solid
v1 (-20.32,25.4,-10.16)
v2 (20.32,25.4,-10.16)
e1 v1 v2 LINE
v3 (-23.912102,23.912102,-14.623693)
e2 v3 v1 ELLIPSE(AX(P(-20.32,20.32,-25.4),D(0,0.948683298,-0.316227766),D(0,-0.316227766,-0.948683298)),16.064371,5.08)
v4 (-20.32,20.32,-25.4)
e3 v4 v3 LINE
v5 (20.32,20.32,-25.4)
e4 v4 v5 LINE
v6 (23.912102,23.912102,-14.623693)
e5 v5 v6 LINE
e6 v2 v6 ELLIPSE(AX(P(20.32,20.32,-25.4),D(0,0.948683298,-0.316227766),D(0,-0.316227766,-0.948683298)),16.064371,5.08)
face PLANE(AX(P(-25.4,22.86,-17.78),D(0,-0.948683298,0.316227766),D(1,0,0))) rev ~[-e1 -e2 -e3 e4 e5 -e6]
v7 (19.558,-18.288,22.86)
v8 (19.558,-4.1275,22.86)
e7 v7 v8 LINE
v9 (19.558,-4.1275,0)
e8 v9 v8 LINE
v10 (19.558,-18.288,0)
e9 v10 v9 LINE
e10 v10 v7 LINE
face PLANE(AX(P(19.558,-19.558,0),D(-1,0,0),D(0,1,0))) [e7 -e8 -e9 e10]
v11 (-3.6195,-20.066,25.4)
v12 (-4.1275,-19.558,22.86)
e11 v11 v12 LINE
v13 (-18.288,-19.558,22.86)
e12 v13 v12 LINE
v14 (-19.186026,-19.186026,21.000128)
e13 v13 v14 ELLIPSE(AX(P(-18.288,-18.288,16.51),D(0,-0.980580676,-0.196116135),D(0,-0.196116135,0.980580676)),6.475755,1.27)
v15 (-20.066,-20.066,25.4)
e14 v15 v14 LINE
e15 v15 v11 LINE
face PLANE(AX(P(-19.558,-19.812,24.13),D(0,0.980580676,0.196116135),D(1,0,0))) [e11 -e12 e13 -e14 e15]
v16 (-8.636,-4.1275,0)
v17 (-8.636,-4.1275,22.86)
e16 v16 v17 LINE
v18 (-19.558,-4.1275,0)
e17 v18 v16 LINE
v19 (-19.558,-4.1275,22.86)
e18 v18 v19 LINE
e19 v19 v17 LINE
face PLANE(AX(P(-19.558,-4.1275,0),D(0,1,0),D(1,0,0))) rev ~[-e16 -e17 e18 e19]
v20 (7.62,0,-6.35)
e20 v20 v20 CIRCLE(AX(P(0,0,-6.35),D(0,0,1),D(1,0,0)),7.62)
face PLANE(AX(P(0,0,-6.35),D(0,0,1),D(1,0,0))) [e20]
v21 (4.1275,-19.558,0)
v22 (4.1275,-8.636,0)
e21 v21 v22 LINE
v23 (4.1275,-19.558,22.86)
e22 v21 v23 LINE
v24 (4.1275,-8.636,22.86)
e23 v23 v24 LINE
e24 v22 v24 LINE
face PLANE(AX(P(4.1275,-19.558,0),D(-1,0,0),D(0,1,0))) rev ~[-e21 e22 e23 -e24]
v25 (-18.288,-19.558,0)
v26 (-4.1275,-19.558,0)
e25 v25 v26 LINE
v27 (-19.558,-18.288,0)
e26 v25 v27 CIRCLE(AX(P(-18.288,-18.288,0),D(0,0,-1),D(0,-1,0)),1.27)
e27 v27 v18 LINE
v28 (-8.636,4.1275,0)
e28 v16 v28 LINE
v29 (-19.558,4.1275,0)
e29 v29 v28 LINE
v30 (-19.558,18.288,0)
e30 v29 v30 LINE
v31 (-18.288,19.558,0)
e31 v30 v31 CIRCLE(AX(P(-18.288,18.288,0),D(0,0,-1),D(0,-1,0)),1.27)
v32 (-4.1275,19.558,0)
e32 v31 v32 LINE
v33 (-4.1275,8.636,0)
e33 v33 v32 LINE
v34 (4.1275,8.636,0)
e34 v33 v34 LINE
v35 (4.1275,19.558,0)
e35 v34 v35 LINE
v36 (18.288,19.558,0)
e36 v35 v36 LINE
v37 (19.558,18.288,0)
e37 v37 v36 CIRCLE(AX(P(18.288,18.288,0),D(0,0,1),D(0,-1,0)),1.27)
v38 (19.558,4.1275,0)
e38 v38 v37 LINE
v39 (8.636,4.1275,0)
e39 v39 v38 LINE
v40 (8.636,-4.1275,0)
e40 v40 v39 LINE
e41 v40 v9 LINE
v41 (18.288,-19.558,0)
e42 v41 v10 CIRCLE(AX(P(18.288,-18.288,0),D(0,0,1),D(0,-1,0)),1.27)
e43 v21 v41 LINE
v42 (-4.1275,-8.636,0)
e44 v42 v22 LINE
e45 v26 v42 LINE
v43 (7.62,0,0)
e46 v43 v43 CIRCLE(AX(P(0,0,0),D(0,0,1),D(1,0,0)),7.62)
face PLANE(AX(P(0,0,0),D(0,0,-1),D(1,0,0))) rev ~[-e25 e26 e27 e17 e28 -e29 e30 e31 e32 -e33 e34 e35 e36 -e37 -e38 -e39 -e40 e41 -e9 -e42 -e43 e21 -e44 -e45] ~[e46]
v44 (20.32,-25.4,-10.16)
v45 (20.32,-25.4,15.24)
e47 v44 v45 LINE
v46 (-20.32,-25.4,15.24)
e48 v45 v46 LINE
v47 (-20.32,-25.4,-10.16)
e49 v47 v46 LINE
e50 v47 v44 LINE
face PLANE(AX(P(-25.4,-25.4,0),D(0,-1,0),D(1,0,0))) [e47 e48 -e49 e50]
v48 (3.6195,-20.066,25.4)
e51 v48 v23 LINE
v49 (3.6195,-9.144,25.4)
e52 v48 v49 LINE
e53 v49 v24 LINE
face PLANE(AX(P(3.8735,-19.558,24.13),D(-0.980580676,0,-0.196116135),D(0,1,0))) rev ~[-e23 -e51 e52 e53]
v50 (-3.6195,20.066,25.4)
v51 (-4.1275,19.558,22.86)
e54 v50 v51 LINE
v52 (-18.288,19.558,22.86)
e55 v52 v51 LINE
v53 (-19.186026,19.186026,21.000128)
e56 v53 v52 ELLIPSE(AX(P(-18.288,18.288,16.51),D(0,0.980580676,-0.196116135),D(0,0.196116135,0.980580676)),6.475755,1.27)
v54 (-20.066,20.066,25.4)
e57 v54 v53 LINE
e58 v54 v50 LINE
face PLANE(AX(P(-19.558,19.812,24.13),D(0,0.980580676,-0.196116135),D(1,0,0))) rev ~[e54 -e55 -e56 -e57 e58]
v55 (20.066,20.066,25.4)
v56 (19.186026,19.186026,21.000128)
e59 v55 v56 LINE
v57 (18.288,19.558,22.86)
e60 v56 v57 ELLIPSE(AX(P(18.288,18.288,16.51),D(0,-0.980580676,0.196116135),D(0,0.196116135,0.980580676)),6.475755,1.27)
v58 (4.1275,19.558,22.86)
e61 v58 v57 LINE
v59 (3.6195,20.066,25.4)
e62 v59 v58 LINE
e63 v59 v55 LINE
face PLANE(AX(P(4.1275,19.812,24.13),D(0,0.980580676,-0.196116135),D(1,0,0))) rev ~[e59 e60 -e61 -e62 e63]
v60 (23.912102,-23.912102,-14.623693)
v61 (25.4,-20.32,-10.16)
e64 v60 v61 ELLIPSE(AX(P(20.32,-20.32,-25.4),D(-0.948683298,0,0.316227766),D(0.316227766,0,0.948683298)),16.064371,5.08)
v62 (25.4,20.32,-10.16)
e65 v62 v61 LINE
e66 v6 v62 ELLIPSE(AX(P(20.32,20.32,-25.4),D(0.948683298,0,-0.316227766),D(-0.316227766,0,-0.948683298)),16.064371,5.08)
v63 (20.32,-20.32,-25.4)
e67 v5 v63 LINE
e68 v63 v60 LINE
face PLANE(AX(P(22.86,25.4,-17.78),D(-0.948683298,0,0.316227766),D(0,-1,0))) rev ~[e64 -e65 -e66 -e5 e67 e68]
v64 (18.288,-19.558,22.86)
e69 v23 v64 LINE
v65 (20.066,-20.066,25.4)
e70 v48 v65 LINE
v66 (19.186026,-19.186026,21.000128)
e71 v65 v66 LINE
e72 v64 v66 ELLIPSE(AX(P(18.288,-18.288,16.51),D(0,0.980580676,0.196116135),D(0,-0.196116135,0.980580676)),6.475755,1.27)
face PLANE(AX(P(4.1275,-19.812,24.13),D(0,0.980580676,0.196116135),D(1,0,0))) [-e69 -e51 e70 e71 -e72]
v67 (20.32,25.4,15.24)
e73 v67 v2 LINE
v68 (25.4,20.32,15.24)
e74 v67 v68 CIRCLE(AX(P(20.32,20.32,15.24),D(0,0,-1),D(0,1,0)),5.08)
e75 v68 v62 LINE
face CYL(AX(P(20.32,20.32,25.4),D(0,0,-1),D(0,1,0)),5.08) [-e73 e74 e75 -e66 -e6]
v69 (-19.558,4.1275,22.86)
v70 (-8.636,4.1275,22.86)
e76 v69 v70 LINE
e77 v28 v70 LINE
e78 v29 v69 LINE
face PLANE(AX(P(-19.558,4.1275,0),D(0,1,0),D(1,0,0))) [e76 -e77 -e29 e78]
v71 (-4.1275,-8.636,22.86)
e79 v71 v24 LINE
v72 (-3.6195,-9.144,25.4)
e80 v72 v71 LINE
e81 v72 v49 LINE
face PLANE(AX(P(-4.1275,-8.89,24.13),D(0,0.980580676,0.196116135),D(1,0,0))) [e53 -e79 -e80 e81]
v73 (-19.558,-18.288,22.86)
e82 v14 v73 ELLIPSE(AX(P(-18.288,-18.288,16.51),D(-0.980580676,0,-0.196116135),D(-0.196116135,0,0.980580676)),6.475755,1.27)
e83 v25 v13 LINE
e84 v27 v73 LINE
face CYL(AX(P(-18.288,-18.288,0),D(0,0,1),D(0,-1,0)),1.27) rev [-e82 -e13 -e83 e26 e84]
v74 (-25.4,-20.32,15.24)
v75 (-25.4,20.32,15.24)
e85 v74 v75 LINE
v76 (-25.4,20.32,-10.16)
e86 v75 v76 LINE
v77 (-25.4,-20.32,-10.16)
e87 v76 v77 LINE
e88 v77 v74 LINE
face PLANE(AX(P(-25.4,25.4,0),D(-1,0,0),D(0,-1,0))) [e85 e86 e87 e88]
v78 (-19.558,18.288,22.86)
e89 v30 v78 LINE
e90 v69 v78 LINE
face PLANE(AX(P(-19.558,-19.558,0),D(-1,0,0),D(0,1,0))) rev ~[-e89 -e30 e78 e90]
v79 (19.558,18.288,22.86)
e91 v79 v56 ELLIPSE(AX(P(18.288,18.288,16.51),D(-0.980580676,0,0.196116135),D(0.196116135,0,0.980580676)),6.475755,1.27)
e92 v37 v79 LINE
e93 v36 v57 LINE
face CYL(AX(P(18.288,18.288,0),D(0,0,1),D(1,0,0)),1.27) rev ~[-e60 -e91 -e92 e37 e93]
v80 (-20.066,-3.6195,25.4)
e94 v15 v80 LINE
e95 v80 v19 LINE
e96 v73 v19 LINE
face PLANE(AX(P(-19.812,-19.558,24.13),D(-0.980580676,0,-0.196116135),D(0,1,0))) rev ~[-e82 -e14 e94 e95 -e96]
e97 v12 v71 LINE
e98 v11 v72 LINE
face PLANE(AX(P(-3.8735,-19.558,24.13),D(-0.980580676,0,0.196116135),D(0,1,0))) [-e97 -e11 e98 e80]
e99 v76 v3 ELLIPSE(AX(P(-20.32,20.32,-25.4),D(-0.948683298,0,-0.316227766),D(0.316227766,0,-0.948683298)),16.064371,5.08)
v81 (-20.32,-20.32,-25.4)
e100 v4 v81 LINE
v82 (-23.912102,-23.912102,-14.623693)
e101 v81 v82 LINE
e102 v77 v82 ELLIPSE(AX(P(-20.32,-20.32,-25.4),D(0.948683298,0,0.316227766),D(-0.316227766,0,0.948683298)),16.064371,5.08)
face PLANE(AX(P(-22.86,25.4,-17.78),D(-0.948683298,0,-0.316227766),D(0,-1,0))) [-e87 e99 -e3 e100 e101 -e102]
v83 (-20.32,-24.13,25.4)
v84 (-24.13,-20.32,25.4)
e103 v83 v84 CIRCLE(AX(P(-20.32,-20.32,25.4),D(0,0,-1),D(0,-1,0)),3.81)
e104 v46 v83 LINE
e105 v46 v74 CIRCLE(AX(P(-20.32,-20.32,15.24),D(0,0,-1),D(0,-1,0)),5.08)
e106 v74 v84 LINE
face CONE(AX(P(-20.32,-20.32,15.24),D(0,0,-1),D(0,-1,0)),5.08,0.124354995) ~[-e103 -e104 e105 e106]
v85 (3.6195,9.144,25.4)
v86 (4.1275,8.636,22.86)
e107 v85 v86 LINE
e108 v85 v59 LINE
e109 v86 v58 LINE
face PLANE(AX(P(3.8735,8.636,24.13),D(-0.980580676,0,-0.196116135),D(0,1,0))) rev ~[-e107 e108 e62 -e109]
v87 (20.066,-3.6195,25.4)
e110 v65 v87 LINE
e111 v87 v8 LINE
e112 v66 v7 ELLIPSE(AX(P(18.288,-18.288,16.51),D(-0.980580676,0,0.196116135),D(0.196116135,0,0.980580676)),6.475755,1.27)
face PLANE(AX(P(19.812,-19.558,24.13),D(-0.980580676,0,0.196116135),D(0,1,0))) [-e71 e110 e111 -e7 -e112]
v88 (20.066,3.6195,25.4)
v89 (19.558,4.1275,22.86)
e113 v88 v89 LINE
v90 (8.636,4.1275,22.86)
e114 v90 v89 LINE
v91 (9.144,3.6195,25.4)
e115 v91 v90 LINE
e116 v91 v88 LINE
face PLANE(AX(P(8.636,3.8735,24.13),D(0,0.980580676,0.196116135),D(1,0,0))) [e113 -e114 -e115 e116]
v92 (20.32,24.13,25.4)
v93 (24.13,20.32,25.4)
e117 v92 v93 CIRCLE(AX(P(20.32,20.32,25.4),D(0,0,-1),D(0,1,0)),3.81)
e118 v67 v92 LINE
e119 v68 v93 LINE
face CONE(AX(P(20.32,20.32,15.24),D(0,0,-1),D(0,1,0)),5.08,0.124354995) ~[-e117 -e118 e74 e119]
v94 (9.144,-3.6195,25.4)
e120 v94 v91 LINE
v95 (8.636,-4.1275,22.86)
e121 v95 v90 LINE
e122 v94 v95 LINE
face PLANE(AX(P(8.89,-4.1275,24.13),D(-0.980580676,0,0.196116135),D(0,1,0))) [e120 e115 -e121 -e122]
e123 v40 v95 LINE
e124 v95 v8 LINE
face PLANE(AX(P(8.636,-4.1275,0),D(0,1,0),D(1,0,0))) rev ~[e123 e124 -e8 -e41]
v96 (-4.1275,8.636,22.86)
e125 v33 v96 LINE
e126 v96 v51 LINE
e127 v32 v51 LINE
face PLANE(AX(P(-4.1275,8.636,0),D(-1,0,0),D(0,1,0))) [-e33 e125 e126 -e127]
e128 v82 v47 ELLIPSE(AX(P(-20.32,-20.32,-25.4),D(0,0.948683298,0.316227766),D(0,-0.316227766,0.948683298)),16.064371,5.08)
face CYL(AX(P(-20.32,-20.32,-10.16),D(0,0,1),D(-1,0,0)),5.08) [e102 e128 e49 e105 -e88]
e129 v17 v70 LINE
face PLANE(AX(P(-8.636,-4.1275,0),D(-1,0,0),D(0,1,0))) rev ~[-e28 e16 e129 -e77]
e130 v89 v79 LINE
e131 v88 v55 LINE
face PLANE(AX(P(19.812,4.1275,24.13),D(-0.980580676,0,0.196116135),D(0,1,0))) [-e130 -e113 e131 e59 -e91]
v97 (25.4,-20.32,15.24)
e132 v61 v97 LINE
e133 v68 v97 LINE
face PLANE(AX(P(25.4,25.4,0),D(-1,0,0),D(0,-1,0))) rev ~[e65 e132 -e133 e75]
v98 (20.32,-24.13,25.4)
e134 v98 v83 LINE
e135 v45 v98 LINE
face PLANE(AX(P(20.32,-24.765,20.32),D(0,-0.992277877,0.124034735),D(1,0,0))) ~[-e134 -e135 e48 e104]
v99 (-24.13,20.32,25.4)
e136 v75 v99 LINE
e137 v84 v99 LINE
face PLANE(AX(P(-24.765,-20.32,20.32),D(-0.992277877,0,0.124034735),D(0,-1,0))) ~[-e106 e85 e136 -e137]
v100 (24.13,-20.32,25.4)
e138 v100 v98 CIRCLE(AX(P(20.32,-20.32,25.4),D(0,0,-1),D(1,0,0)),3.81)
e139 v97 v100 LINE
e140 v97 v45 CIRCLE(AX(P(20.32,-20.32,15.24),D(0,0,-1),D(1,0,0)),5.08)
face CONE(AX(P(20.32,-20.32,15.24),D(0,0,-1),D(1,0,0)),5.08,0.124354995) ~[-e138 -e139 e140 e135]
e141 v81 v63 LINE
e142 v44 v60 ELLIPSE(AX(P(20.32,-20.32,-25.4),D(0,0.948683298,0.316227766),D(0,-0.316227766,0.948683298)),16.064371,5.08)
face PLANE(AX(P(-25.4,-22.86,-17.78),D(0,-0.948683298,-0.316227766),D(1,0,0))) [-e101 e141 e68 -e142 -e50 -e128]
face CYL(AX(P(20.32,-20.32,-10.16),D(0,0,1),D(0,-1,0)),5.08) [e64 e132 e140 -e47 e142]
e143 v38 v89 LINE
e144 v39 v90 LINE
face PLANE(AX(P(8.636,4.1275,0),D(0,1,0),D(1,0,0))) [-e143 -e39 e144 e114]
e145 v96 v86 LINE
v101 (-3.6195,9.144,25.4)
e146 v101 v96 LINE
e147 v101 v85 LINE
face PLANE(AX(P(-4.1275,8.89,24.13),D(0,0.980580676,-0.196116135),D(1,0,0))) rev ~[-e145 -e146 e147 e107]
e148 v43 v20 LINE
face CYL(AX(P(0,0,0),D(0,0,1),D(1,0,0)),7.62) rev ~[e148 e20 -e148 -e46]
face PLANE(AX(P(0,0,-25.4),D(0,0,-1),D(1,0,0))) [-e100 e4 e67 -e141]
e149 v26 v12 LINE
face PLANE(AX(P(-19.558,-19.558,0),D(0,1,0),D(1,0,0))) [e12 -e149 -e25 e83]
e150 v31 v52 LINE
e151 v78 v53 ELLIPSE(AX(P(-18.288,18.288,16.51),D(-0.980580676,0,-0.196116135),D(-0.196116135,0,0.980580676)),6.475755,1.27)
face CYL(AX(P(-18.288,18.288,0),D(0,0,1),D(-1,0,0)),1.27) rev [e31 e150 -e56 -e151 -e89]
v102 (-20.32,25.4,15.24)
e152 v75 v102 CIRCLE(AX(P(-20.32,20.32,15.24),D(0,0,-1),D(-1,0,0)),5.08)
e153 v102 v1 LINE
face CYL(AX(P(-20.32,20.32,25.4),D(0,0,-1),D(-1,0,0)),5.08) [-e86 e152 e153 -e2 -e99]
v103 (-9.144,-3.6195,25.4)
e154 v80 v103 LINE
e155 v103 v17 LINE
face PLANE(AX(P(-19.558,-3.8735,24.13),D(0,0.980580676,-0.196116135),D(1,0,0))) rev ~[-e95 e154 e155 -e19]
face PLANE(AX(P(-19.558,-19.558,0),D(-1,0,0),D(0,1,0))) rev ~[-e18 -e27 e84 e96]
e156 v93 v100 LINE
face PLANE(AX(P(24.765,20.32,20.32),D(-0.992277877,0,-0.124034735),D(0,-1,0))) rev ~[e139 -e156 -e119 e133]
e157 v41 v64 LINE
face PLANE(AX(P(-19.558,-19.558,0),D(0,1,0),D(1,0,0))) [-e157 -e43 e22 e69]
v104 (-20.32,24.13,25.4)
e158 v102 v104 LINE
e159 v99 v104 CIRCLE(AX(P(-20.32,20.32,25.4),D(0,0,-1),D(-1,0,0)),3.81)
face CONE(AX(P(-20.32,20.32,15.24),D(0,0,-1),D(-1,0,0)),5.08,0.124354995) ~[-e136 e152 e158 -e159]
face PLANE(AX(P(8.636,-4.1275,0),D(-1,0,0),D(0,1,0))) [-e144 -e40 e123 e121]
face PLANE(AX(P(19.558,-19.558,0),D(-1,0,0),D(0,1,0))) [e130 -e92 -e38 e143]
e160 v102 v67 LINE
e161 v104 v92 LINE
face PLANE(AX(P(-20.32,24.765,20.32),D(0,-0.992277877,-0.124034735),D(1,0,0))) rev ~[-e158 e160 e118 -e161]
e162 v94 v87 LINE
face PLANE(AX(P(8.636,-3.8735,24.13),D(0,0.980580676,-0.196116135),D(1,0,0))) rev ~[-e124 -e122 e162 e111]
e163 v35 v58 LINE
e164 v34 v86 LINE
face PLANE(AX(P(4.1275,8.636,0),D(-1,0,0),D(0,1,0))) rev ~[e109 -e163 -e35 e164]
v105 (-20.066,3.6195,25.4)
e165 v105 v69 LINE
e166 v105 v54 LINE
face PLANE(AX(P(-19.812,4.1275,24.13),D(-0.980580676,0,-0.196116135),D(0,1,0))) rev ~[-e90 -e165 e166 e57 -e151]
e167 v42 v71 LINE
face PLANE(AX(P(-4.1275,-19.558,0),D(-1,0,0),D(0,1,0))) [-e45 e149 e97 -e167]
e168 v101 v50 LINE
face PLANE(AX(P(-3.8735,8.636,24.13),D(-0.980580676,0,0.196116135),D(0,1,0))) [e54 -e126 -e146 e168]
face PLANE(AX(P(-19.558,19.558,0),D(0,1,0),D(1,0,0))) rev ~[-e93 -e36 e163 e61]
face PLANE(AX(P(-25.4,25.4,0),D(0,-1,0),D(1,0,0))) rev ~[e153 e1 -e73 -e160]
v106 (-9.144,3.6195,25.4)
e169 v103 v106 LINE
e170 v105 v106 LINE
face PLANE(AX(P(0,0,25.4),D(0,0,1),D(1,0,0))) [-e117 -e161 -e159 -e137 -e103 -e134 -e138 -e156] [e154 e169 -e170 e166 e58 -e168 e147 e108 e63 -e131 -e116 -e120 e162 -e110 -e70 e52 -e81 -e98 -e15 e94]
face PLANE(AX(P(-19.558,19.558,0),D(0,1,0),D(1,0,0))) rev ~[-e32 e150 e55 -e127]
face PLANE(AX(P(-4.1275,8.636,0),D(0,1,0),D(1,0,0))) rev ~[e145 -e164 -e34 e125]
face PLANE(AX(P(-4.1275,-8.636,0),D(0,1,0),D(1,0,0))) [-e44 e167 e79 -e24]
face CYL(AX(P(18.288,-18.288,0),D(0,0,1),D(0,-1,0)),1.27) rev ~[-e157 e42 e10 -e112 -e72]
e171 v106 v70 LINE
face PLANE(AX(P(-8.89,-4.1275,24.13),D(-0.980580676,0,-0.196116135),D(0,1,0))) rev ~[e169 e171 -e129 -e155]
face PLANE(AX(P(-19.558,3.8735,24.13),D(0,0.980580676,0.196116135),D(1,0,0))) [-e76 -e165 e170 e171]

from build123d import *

# Parameters (mm, degrees)
F0_W      = 50.8
F0_H      = 50.8
F0_W_2    = 39.116
F0_H_2    = 39.116
F1_DEPTH  = 25.4
F2_W      = 50.8
F2_H      = 50.8
F3_DEPTH  = 25.4
F4_W      = 10.922
F4_H      = 8.255
F4_W_2    = 8.255
F4_H_2    = 10.922
F5_DEPTH  = 25.4
F6_R      = 7.62
F7_DEPTH  = 6.35
F8_SIZE2  = 15.24
F8_SIZE   = 5.08
F9_R      = 5.08
F10_SIZE2 = 1.27
F10_SIZE  = 10.16
F11_SIZE2 = 2.54
F11_SIZE  = 0.508
F12_R     = 1.27


with BuildPart() as f1:
    # F0 (on Top) → F1 (new body)
    with BuildSketch(Plane.XY):
        Rectangle(F0_W, F0_H)
        Rectangle(F0_W_2, F0_H_2, mode=Mode.SUBTRACT)
    extrude(amount=F1_DEPTH)

    # F2 (on face) → F3 (join)
    with BuildSketch(Plane(origin=(0, 0, 0), x_dir=(1, 0, 0), z_dir=(0, 0, -1))):
        Rectangle(F2_W, F2_H)
    extrude(amount=F3_DEPTH)

    # F4 (on face) → F5 (join)
    with BuildSketch(Plane.XY):
        with Locations((-14.097, 0)):
            Rectangle(F4_W, F4_H)
        with Locations((0, 14.097)):
            Rectangle(F4_W_2, F4_H_2)
        with Locations((14.097, 0)):
            Rectangle(F4_W, F4_H)
        with Locations((0, -14.097)):
            Rectangle(F4_W_2, F4_H_2)
    extrude(amount=F5_DEPTH)

    # F6 (on face) → F7 (cut)
    with BuildSketch(Plane.XY):
        Circle(F6_R)
    extrude(amount=-F7_DEPTH, mode=Mode.SUBTRACT)

    # F8
    f8_edges = [f1.edges().sort_by_distance(p)[0] for p in [
        (25.4, 0, -25.4),
        (0, -25.4, -25.4),
        (-25.4, 0, -25.4),
        (0, 25.4, -25.4),
    ]]
    f8_side = f1.faces().sort_by_distance((0, 0, -25.4))[0]
    chamfer(f8_edges, length=F8_SIZE, length2=F8_SIZE2, reference=f8_side)

    # F9
    f9_edges = [f1.edges().sort_by_distance(p)[0] for p in [
        (25.4, -25.4, 7.62),
        (25.4, 25.4, 7.62),
        (-25.4, 25.4, 7.62),
        (-25.4, -25.4, 7.62),
    ]]
    fillet(f9_edges, radius=F9_R)

    # F10
    f10_edges = [f1.edges().sort_by_distance(p)[0] for p in [
        (0, 25.4, 25.4),
    ]]
    f10_side = f1.faces().sort_by_distance((0, 25.4, 7.62))[0]
    chamfer(f10_edges, length=F10_SIZE, length2=F10_SIZE2, reference=f10_side)

    # F11
    f11_edges = [f1.edges().sort_by_distance(p)[0] for p in [
        (11.84275, -19.558, 25.4),
        (4.1275, -14.097, 25.4),
        (0, -8.636, 25.4),
        (-4.1275, -14.097, 25.4),
        (-11.84275, -19.558, 25.4),
        (-19.558, -11.84275, 25.4),
        (-14.097, -4.1275, 25.4),
        (-8.636, 0, 25.4),
        (-14.097, 4.1275, 25.4),
        (-19.558, 11.84275, 25.4),
        (-11.84275, 19.558, 25.4),
        (-4.1275, 14.097, 25.4),
        (0, 8.636, 25.4),
        (4.1275, 14.097, 25.4),
        (11.84275, 19.558, 25.4),
        (19.558, 11.84275, 25.4),
        (14.097, 4.1275, 25.4),
        (14.097, -4.1275, 25.4),
        (19.558, -11.84275, 25.4),
        (8.636, 0, 25.4),
    ]]
    chamfer(f11_edges, length=F11_SIZE, length2=F11_SIZE2)

    # F12
    f12_edges = [f1.edges().sort_by_distance(p)[0] for p in [
        (-19.558, 19.558, 11.43),
        (19.558, 19.558, 11.43),
        (19.558, -19.558, 11.43),
        (-19.558, -19.558, 11.43),
    ]]
    fillet(f12_edges, radius=F12_R)


solid = f1.part
